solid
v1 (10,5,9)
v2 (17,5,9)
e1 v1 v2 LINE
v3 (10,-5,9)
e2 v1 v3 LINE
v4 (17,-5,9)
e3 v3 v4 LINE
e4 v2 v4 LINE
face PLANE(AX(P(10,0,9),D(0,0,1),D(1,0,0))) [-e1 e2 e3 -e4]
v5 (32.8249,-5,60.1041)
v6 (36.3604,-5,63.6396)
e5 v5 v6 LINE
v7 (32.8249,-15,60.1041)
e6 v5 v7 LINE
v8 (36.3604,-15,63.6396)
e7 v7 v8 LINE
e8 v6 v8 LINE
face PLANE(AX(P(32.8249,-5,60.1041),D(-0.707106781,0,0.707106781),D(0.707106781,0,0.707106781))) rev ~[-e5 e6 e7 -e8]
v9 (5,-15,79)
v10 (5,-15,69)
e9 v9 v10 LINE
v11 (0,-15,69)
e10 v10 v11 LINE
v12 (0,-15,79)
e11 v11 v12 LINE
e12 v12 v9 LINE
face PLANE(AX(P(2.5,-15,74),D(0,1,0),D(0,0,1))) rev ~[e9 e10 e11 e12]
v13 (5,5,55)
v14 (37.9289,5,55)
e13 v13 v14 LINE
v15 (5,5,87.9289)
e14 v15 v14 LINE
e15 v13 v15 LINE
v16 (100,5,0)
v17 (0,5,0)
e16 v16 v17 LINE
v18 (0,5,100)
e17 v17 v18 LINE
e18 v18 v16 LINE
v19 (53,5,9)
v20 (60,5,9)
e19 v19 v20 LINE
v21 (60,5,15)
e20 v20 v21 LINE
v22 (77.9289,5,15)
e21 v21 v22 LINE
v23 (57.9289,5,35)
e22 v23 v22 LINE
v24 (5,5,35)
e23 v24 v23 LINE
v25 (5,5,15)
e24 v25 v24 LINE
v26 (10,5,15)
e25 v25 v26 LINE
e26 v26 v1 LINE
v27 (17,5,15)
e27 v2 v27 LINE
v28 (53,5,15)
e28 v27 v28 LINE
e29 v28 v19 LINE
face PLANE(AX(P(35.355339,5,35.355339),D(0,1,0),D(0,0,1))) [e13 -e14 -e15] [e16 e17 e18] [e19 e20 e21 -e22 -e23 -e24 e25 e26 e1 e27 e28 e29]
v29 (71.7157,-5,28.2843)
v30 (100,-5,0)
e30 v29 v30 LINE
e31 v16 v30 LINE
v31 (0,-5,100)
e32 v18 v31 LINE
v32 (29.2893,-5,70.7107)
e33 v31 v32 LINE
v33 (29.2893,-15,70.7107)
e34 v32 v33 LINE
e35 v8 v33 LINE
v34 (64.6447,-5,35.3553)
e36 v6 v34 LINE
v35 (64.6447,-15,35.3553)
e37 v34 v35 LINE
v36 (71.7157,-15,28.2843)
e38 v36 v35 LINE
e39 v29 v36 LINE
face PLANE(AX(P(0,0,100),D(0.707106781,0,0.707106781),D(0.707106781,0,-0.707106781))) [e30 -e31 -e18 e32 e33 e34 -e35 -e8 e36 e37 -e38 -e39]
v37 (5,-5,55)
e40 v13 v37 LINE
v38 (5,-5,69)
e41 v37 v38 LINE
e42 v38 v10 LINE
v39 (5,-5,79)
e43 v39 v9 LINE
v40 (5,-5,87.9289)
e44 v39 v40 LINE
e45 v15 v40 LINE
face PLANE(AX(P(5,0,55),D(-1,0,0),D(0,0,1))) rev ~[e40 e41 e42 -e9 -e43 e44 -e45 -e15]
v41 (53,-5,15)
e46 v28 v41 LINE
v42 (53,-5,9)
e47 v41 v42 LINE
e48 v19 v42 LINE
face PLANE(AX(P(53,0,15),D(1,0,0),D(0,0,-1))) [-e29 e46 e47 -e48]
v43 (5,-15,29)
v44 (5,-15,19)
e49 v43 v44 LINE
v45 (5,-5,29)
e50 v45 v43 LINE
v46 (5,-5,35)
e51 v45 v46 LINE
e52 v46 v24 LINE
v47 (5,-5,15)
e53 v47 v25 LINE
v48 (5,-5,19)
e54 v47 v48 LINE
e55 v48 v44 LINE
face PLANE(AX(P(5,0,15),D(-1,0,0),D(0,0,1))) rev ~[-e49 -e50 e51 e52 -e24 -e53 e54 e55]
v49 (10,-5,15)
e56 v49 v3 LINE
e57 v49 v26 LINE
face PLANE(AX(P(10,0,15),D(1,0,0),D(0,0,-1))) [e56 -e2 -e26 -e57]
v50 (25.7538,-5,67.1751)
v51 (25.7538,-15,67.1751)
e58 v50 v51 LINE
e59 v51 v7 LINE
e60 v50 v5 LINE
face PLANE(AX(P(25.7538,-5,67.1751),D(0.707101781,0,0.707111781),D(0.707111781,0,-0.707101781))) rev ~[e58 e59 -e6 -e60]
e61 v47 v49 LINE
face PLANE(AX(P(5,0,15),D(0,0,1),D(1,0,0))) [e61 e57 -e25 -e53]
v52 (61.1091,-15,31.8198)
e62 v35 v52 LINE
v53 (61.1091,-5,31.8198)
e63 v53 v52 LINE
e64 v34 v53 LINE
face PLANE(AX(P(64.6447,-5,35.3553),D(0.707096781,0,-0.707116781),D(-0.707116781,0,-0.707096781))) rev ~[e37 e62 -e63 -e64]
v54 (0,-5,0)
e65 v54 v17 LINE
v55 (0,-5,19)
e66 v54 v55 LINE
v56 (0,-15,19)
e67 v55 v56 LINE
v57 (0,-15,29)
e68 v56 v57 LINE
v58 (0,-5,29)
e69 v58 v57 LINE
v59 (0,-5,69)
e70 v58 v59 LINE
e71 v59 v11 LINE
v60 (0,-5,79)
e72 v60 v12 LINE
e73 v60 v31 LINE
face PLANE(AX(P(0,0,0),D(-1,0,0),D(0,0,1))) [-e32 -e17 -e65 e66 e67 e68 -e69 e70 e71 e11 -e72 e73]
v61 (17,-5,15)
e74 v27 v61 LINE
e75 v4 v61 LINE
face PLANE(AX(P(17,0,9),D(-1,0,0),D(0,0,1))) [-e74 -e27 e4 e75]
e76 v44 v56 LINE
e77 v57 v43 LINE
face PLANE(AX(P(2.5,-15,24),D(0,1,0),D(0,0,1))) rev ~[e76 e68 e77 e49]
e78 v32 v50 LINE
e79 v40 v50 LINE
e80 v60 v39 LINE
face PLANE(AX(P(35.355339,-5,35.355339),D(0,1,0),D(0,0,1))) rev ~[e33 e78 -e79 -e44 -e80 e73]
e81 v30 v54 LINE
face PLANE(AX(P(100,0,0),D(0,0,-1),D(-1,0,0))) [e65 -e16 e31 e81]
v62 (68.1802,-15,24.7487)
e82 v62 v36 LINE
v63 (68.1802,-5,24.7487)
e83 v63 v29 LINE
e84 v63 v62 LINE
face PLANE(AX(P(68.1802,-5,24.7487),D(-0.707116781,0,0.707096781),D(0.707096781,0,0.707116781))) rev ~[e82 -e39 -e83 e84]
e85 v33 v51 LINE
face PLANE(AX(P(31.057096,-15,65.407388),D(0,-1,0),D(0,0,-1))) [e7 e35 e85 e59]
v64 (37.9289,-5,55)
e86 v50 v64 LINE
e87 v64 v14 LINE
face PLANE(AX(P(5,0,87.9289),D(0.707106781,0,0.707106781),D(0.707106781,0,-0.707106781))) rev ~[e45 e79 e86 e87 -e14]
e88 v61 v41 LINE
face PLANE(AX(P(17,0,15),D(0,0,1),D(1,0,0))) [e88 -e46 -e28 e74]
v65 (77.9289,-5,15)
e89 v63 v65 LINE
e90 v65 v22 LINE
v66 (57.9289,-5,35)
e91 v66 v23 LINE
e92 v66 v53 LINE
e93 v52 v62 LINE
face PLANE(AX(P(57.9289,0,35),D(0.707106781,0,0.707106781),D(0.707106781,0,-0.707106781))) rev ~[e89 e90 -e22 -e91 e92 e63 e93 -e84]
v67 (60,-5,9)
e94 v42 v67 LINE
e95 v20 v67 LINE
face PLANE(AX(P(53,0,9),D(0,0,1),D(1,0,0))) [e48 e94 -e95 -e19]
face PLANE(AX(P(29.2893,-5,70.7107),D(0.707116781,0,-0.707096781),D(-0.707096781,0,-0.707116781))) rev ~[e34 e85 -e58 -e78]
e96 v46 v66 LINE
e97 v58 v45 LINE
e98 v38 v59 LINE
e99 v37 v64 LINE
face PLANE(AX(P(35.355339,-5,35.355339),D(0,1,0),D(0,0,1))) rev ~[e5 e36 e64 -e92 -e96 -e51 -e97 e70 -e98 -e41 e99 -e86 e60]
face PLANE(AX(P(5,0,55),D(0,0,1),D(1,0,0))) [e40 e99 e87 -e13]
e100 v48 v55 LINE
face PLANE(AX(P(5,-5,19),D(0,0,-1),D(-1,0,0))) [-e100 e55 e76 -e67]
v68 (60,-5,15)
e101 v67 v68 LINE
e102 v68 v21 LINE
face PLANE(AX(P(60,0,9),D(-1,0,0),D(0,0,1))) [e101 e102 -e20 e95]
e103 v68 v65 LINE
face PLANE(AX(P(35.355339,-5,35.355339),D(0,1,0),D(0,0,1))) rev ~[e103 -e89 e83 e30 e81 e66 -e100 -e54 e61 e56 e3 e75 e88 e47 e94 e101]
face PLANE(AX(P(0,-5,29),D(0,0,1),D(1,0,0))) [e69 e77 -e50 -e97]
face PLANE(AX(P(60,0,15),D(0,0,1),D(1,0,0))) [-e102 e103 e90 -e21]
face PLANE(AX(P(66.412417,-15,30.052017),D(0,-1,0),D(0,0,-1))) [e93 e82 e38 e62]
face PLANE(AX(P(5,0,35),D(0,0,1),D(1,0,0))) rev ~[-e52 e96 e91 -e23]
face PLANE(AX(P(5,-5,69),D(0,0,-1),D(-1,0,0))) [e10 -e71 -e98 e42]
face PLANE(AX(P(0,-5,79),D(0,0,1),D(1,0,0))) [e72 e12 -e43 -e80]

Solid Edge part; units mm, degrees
sketch "Sketch1" plane through (0, 0, 0) normal (0, -1, 0) x (1, 0, 0)
  line L0 (100, 0) -> (0, 0)
  line L1 (0, 0) -> (0, 100)
  line L2 (0, 100) -> (100, 0)
  line L3 (60, 9) -> (60, 15)
  line L4 (60, 15) -> (77.9289, 15)
  line L5 (57.9289, 35) -> (77.9289, 15)
  line L6 (5, 35) -> (57.9289, 35)
  line L7 (5, 15) -> (5, 35)
  line L8 (5, 15) -> (10, 15)
  line L9 (10, 15) -> (10, 9)
  line L10 (10, 9) -> (17, 9)
  line L11 (17, 9) -> (17, 15)
  line L12 (17, 15) -> (53, 15)
  line L13 (53, 15) -> (53, 9)
  line L14 (53, 9) -> (60, 9)
  line L15 (5, 55) -> (37.9289, 55)
  line L16 (5, 87.9289) -> (37.9289, 55)
  line L17 (5, 55) -> (5, 87.9289)
  dimension "D1" = 100
  dimension "D2" = 15
  dimension "D3" = 6
  dimension "D4" = 10
  dimension "D5" = 7
  dimension "D6" = 20
  dimension "D7" = 20
  dimension "D8" = 5
  dimension "D9" = 6
  dimension "D10" = 7
  dimension "D11" = 40
extrude "Protrusion1" add sketch "Sketch1" along normal mid plane 10
sketch "Sketch2" plane through (50, -5, 50) normal (0, -1, 0) x (1, 0, 0)
  line L0 (-45, 29) -> (-45, 19)
  line L1 (-45, 19) -> (-50, 19)
  line L2 (-50, 19) -> (-50, 29)
  line L3 (-50, 29) -> (-45, 29)
  line L4 (-45, -31) -> (-50, -31)
  line L5 (-50, -31) -> (-50, -21)
  line L6 (-50, -21) -> (-45, -21)
  line L7 (-45, -21) -> (-45, -31)
  line L8 (-24.2462, 17.1751) -> (-17.1751, 10.1041)
  line L9 (-17.1751, 10.1041) -> (-13.6396, 13.6396)
  line L10 (-13.6396, 13.6396) -> (-20.7107, 20.7107)
  line L11 (-20.7107, 20.7107) -> (-24.2462, 17.1751)
  line L12 (21.7157, -21.7157) -> (14.6447, -14.6447)
  line L13 (14.6447, -14.6447) -> (11.1091, -18.1802)
  line L14 (11.1091, -18.1802) -> (18.1802, -25.2513)
  line L15 (18.1802, -25.2513) -> (21.7157, -21.7157)
  dimension "D1" = 10
  dimension "D2" = 10
  dimension "D3" = 10
  dimension "D4" = 40
  dimension "D5" = 10
  dimension "D6" = 5
  dimension "D7" = 40
  dimension "D8" = 19
  dimension "D9" = 40
extrude "ProtrusiónExtruida_5" add sketch "Sketch2" along normal blind 10
